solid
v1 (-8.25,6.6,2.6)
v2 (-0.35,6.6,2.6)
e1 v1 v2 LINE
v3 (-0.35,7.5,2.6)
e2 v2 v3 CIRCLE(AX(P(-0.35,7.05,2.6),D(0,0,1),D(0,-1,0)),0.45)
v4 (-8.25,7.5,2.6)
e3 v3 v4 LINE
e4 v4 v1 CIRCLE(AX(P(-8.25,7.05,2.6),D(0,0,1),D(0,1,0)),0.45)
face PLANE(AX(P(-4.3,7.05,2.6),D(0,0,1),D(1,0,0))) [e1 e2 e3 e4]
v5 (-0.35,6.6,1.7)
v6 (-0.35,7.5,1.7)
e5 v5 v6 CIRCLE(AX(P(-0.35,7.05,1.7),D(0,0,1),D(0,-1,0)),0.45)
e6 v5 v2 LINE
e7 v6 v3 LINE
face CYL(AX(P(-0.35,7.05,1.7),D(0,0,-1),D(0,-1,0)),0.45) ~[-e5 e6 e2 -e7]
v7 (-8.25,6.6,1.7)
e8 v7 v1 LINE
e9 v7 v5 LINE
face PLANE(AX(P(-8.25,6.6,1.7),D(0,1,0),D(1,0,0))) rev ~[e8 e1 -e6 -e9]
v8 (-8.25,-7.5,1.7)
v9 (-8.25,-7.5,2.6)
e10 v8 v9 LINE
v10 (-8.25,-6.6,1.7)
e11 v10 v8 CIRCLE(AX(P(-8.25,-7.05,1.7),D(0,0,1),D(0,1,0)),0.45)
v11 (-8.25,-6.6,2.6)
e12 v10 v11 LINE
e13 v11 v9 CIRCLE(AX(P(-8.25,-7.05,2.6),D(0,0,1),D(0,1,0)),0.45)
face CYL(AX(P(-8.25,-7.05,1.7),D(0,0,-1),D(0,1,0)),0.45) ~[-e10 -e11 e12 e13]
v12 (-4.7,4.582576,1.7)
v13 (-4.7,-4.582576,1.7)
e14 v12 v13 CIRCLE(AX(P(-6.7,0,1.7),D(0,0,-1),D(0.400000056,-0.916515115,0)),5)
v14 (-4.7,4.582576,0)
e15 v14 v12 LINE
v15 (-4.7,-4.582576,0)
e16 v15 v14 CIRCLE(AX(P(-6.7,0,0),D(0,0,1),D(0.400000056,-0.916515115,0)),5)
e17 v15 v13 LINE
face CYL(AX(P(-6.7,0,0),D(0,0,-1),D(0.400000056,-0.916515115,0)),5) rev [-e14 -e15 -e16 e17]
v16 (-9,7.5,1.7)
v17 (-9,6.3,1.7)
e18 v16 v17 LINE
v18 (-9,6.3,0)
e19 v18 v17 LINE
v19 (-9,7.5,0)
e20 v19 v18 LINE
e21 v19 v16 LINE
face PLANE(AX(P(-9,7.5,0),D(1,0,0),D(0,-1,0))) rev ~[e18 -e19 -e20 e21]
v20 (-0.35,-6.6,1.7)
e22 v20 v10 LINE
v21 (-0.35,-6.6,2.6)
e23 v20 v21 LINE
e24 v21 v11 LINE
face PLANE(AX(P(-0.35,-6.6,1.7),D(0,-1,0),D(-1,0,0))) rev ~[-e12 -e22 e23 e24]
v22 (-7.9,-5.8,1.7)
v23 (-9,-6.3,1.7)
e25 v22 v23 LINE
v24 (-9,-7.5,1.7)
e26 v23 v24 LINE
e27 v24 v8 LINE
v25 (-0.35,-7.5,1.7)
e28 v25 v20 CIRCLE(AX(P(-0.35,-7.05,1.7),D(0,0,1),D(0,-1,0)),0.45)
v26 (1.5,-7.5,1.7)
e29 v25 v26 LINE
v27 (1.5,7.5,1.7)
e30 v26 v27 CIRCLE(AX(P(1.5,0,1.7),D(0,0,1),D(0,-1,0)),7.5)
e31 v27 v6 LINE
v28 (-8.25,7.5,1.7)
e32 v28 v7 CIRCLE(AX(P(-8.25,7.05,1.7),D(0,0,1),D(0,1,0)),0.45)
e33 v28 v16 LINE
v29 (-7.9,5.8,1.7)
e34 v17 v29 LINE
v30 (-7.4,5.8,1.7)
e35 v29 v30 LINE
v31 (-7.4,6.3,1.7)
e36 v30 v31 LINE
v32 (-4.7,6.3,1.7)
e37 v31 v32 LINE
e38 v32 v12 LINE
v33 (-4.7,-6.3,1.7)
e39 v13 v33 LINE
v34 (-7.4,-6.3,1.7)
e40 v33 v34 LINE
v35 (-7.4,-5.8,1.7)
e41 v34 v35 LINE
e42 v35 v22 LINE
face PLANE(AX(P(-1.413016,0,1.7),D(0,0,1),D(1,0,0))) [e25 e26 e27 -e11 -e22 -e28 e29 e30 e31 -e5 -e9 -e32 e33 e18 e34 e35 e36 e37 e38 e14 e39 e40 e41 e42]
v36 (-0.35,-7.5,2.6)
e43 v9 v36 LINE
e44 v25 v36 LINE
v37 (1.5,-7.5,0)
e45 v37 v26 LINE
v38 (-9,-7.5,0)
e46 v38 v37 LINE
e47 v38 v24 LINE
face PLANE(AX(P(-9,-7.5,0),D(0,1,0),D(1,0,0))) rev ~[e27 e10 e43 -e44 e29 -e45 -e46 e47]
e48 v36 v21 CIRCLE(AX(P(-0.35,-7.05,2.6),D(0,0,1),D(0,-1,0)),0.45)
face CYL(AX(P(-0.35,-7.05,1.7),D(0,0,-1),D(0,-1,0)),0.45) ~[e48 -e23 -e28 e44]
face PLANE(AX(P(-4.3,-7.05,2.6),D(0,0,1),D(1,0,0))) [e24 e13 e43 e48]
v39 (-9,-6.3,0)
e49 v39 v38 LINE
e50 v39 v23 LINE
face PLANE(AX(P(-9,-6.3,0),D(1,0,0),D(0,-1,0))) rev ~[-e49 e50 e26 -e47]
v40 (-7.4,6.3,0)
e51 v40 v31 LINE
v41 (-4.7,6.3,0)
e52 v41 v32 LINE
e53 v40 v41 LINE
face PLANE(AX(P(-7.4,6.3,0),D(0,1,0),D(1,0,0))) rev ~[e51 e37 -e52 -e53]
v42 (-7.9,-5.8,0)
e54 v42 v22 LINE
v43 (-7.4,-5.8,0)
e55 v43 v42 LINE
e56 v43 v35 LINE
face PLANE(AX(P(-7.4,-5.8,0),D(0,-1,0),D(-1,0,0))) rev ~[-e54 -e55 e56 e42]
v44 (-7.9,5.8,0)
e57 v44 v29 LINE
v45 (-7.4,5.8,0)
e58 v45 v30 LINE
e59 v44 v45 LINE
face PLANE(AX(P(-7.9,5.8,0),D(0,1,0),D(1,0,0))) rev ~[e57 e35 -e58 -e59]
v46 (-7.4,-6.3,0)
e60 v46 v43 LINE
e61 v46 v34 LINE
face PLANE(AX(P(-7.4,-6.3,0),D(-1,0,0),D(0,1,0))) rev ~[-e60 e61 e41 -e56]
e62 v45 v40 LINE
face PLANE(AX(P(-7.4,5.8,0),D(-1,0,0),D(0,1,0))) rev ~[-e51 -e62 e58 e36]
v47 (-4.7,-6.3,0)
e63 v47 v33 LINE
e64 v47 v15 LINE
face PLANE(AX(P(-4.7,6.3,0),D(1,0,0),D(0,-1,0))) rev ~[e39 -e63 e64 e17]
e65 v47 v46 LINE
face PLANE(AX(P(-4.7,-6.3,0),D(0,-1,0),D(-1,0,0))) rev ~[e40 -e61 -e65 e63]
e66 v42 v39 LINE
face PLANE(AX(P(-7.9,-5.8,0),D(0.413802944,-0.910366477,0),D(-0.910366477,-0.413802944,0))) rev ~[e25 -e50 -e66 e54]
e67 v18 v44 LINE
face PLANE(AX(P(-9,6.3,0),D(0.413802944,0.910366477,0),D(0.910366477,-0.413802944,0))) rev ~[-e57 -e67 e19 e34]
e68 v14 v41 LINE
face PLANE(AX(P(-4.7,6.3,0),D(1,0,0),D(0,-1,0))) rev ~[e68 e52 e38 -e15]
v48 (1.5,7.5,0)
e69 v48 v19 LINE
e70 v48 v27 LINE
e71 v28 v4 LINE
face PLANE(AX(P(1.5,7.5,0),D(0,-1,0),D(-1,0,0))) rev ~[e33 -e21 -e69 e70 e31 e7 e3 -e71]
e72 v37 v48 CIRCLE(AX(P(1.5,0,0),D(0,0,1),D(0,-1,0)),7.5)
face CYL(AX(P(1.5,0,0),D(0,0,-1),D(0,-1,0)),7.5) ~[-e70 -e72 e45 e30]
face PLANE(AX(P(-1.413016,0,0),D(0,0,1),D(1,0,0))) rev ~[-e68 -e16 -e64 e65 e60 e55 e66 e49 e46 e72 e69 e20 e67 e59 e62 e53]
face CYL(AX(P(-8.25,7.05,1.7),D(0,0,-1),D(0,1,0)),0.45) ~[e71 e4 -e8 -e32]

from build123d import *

# Parameters (mm, degrees)
F2_DEPTH = 1.7
F3_DEPTH = 2
F5_DEPTH = 0.9


with BuildPart() as f2:
    # F0 (on Top) → F2 (new body)
    with BuildSketch(Plane.XY):
        with BuildLine():
            Line((1.5, 7.5), (-9, 7.5))
            Line((-9, 7.5), (-9, 6.3))
            Line((-9, 6.3), (-7.9, 5.8))
            Line((-7.9, 5.8), (-7.4, 5.8))
            Line((-7.4, 5.8), (-7.4, 6.3))
            Line((-7.4, 6.3), (-4.7, 6.3))
            Line((-4.7, 6.3), (-4.7, 4.5))
            Line((-4.7, 4.5), (-4.7, -6.3))
            Line((-4.7, -6.3), (-7.4, -6.3))
            Line((-7.4, -6.3), (-7.4, -5.8))
            Line((-7.4, -5.8), (-7.9, -5.8))
            Line((-7.9, -5.8), (-9, -6.3))
            Line((-9, -6.3), (-9, -7.5))
            Line((-9, -7.5), (1.5, -7.5))
            ThreePointArc((1.5, -7.5), (9, 0), (1.5, 7.5))
        make_face()
    extrude(amount=F2_DEPTH)

    # F1 (on Top) → F3 (cut)
    with BuildSketch(Plane.XY):
        with BuildLine():
            Line((-4.7, -5.5), (-4.7, -4.582576))
            ThreePointArc((-4.7, -4.582576), (-1.7, 0), (-4.7, 4.582576))
            Line((-4.7, 4.582576), (-4.7, 5.5))
            Line((-4.7, 5.5), (-13.7, 5.5))
            Line((-13.7, 5.5), (-13.7, -5.5))
            Line((-13.7, -5.5), (-4.7, -5.5))
        make_face()
    extrude(amount=F3_DEPTH, mode=Mode.SUBTRACT)

    # F4 (on face) → F5 (join)
    with BuildSketch(Plane.XY.offset(1.7)):
        with BuildLine():
            Line((-0.35, 7.5), (-8.25, 7.5))
            ThreePointArc((-8.25, 7.5), (-8.7, 7.05), (-8.25, 6.6))
            Line((-8.25, 6.6), (-0.35, 6.6))
            ThreePointArc((-0.35, 6.6), (0.1, 7.05), (-0.35, 7.5))
        make_face()
        with BuildLine():
            Line((-0.35, -6.6), (-8.25, -6.6))
            ThreePointArc((-8.25, -6.6), (-8.7, -7.05), (-8.25, -7.5))
            Line((-8.25, -7.5), (-0.35, -7.5))
            ThreePointArc((-0.35, -7.5), (0.1, -7.05), (-0.35, -6.6))
        make_face()
    extrude(amount=F5_DEPTH)


solid = f2.part
